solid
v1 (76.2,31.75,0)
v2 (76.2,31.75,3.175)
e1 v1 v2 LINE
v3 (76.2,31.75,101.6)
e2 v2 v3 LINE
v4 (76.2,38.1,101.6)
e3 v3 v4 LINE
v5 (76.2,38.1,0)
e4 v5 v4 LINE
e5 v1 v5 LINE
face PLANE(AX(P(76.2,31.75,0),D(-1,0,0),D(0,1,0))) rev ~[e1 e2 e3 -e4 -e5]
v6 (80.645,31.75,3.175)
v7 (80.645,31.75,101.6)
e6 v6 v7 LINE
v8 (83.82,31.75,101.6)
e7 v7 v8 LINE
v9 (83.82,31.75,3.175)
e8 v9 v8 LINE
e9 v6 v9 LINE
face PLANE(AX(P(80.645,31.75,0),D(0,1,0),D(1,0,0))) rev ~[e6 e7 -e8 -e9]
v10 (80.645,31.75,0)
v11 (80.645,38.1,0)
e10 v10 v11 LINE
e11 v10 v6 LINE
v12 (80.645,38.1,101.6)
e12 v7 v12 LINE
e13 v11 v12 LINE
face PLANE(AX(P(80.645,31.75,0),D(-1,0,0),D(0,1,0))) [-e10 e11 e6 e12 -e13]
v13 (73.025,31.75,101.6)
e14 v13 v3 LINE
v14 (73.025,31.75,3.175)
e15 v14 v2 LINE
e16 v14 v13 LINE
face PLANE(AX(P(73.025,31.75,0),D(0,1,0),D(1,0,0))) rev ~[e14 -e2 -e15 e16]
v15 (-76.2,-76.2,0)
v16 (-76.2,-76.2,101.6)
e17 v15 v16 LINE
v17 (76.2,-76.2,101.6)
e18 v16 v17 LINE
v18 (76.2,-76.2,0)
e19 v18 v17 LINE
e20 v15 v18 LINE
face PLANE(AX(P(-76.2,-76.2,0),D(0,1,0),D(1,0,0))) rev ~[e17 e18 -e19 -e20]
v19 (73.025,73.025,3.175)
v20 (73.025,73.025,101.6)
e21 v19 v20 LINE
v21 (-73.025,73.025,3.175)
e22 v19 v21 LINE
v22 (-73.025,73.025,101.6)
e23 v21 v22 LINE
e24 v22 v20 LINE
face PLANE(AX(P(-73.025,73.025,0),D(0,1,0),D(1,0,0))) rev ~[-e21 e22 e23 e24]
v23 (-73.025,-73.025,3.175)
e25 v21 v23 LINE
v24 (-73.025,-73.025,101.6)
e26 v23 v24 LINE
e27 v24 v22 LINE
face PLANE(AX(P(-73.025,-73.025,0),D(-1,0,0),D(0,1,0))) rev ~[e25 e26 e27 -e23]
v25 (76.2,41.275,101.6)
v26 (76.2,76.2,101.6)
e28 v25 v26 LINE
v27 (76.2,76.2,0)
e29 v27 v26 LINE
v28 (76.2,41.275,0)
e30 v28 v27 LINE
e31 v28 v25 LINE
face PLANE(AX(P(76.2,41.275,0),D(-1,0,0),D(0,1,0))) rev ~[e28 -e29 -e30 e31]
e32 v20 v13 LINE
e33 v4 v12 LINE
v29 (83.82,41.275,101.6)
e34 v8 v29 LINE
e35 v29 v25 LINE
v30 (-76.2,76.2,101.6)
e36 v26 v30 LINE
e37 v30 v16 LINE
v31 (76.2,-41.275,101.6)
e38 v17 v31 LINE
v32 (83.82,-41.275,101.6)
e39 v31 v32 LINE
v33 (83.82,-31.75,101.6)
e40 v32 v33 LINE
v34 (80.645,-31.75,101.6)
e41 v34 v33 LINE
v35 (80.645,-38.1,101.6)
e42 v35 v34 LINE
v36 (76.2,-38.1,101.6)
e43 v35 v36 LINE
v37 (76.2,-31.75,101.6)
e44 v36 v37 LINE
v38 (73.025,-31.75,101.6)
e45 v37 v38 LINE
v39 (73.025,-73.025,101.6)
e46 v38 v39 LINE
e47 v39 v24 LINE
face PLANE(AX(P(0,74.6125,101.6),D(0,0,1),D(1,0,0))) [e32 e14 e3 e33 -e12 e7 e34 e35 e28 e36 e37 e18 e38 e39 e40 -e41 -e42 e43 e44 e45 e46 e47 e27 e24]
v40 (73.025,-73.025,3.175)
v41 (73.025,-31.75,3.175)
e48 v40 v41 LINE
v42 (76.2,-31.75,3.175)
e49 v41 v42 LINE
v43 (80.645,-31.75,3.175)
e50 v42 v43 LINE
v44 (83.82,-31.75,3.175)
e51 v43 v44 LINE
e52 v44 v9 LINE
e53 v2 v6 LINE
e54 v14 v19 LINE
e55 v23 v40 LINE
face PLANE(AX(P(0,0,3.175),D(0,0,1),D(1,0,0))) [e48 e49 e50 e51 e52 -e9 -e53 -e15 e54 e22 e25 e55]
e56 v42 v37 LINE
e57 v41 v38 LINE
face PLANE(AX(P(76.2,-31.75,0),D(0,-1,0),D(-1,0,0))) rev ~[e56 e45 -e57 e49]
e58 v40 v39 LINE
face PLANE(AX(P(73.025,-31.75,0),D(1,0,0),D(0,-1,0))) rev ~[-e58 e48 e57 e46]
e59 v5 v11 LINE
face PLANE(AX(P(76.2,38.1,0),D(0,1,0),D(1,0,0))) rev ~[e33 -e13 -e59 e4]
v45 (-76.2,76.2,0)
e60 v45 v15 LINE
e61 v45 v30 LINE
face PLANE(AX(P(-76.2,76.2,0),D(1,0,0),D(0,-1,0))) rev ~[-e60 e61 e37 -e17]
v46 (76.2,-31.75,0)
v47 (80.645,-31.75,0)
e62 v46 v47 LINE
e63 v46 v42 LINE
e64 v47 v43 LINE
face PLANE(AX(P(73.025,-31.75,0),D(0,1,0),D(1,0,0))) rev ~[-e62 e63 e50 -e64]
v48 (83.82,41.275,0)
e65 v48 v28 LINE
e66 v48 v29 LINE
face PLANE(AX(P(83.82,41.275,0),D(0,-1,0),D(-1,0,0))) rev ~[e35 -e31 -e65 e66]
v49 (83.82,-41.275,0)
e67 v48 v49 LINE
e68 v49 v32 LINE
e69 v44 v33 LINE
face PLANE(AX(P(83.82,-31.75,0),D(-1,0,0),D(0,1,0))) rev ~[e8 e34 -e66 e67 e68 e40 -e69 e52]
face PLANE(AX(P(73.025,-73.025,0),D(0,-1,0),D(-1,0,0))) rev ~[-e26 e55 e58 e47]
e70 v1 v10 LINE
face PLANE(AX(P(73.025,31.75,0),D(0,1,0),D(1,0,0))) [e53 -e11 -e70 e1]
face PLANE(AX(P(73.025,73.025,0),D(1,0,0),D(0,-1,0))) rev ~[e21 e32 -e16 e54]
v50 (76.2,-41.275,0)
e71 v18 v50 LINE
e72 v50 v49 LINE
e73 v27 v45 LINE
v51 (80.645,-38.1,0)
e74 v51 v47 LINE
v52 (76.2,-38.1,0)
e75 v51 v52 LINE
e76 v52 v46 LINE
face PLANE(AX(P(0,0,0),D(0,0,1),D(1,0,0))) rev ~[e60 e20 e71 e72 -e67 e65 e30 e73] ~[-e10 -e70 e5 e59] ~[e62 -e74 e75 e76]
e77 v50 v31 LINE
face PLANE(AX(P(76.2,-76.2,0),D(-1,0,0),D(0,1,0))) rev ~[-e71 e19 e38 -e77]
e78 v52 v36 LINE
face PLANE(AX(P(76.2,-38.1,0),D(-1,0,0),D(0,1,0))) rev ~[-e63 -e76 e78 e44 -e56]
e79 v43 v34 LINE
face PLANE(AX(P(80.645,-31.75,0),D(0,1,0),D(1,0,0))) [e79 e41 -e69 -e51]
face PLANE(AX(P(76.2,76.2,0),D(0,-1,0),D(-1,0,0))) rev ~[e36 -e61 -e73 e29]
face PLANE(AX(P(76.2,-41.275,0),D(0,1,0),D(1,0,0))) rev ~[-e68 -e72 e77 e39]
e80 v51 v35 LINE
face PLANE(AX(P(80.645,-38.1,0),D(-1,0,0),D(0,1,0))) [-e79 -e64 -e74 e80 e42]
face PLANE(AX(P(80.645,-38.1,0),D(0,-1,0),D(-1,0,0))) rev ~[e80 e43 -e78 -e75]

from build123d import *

# Parameters (mm, degrees)
F0_W     = 3.175
F0_H     = 6.35
F0_H_2   = 146.05
F1_DEPTH = 101.6
F2_W     = 10.795
F2_H     = 63.5
F3_DEPTH = 3.175


with BuildPart() as f1:
    # F0 (on Top) → F1 (new body)
    with BuildSketch(Plane.XY):
        Polygon((-76.2, 76.2), (-76.2, 73.025), (-73.025, 73.025), (73.025, 73.025), (76.2, 73.025), (76.2, 76.2), align=None)
        Polygon((73.025, -31.75), (73.025, -73.025), (76.2, -73.025), (76.2, -41.275), (76.2, -38.1), (76.2, -31.75), align=None)
        with Locations((82.2325, 34.925)):
            Rectangle(F0_W, F0_H)
        Polygon((-73.025, -73.025), (-76.2, -73.025), (-76.2, -76.2), (76.2, -76.2), (76.2, -73.025), (73.025, -73.025), align=None)
        Polygon((76.2, -38.1), (76.2, -41.275), (83.82, -41.275), (83.82, -38.1), (80.645, -38.1), align=None)
        with Locations((82.2325, -34.925)):
            Rectangle(F0_W, F0_H)
        Polygon((76.2, 73.025), (73.025, 73.025), (73.025, 31.75), (76.2, 31.75), (76.2, 38.1), (76.2, 41.275), align=None)
        Polygon((83.82, 41.275), (76.2, 41.275), (76.2, 38.1), (80.645, 38.1), (83.82, 38.1), align=None)
        with Locations((-74.6125, 0)):
            Rectangle(F0_W, F0_H_2)
    extrude(amount=F1_DEPTH)

    # F2 (on Top) → F3 (join)
    with BuildSketch(Plane.XY):
        Polygon((73.025, 31.75), (73.025, 73.025), (-73.025, 73.025), (-73.025, -73.025), (73.025, -73.025), (73.025, -31.75), align=None)
        with Locations((78.4225, 0)):
            Rectangle(F2_W, F2_H)
    extrude(amount=F3_DEPTH)


solid = f1.part
